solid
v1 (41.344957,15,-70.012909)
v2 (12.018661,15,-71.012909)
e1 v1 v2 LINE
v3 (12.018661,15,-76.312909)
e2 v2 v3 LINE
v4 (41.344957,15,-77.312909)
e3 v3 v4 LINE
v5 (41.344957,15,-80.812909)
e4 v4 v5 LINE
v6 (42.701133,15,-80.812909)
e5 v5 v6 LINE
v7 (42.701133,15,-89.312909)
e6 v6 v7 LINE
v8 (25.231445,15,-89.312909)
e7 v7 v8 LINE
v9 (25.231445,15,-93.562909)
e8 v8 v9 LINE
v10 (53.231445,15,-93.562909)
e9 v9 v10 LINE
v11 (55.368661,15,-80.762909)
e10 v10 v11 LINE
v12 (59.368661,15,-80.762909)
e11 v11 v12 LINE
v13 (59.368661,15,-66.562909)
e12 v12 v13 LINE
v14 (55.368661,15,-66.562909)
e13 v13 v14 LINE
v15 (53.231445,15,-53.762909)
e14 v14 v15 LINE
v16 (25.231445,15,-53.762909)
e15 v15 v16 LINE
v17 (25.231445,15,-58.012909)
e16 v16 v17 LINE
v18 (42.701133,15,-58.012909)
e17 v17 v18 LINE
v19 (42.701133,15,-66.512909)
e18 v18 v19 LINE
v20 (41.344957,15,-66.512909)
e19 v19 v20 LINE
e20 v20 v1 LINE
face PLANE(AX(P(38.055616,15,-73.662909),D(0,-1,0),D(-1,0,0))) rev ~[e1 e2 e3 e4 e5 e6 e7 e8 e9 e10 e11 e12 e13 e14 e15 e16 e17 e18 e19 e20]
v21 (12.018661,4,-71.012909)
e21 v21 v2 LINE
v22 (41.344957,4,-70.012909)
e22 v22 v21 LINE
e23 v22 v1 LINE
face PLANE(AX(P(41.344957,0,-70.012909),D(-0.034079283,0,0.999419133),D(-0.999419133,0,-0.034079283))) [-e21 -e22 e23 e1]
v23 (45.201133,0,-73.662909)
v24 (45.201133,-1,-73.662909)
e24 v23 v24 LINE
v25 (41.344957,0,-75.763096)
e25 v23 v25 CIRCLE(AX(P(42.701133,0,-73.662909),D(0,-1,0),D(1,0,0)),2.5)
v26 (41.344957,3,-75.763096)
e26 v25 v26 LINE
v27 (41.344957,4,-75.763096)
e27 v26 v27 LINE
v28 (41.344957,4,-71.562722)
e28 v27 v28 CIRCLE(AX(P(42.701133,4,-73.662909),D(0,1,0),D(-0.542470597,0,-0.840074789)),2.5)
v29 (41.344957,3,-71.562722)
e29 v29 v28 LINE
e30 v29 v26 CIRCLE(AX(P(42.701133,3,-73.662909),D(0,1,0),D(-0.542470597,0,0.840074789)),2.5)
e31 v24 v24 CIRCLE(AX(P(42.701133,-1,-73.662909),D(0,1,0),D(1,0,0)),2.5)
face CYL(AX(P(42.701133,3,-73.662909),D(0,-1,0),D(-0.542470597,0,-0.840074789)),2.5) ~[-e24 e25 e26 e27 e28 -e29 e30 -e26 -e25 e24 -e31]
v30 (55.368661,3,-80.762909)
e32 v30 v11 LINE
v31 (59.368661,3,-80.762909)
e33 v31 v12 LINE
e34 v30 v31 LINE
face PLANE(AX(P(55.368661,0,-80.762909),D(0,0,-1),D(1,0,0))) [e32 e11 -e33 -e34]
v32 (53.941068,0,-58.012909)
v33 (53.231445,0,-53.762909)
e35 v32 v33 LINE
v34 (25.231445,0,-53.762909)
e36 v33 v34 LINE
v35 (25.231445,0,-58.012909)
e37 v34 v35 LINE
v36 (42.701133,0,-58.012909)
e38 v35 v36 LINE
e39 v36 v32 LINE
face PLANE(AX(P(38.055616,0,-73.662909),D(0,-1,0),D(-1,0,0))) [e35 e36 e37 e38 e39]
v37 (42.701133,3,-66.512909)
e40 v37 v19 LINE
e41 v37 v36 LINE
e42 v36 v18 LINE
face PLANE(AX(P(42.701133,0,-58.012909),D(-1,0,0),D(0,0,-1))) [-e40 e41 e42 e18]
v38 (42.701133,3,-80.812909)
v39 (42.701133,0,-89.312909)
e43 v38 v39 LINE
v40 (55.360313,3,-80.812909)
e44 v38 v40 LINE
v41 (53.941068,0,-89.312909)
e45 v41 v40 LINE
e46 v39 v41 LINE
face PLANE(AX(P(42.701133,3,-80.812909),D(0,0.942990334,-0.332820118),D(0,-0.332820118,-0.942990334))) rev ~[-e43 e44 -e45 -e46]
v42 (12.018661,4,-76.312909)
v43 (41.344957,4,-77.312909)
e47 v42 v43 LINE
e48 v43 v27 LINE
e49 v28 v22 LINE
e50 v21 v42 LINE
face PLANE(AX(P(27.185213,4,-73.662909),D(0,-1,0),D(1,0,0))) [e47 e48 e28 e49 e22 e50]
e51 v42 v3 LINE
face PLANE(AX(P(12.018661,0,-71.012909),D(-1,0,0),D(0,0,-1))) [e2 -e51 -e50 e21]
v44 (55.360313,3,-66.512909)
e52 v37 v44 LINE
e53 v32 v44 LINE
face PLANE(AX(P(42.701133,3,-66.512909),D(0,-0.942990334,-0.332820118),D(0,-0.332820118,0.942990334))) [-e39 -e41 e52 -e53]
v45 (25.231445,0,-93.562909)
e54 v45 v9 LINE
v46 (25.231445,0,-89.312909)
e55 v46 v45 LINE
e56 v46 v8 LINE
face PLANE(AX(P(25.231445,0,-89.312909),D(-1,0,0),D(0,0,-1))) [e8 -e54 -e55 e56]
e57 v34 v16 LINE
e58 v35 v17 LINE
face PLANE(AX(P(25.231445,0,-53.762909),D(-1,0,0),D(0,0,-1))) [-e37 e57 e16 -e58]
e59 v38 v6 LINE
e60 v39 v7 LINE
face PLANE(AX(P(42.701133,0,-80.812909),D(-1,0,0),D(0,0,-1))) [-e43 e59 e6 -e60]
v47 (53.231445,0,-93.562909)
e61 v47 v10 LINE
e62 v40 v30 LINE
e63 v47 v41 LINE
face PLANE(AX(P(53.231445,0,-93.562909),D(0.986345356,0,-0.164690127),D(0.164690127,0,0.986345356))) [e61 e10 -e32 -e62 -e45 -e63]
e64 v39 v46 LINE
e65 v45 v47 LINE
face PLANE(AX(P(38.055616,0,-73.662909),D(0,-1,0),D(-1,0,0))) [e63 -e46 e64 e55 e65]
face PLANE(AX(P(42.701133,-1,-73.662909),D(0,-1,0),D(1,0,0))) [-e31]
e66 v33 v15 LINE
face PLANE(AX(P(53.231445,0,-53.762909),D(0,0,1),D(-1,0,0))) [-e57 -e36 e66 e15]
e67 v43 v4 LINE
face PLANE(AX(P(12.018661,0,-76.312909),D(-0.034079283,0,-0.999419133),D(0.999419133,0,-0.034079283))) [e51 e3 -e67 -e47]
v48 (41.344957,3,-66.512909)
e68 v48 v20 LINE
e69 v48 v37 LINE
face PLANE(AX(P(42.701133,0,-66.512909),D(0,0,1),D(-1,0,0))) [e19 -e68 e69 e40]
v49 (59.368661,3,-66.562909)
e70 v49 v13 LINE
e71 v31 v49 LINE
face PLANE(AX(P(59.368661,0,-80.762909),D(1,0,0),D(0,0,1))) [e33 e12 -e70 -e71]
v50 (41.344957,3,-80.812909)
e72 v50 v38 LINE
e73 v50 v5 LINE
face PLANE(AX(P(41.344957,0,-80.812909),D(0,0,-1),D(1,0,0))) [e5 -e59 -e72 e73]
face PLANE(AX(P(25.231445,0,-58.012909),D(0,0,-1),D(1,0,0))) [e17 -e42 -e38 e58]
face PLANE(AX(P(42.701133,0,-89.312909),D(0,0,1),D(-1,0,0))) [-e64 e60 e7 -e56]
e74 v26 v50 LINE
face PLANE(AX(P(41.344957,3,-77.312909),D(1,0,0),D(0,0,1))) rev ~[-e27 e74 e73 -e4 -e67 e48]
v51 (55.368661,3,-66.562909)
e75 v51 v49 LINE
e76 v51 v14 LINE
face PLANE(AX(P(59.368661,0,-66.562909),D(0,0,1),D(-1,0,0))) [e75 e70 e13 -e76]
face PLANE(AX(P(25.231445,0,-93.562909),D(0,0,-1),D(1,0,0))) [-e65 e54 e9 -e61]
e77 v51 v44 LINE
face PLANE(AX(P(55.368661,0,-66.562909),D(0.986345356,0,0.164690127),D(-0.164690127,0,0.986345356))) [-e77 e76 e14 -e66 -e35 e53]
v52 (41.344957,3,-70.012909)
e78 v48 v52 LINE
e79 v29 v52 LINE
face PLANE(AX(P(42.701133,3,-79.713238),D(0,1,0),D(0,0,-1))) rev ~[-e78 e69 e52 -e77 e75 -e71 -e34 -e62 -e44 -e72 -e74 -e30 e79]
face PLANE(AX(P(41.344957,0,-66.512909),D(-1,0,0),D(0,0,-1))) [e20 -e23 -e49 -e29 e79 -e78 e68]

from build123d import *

# Parameters (mm, degrees)
BOSS_EXTRUDE1_DEPTH     = 15
SKETCH2_R               = 2.5
BOSS_EXTRUDE2_DEPTH     = 1
CUT_EXTRUDE1_DEPTH      = 3
CUT_EXTRUDE5_DEPTH      = 2
CUT_EXTRUDE5_DEPTH_BACK = 3
SKETCH5_W               = 1.356176493
SKETCH5_H               = 3
CUT_EXTRUDE6_DEPTH      = 3
CUT_EXTRUDE11_DEPTH     = 20
CUT_EXTRUDE12_DEPTH     = 1


with BuildPart() as part:
    # Sketch1 → Boss-Extrude1 (new body)
    with BuildSketch(Plane(origin=(0, 0, 0), x_dir=(1, 0, 0), z_dir=(0, 1, 0))):
        Polygon((53.231444905, 93.562909441), (55.368661466, 80.762909441), (59.368661466, 80.762909441), (59.368661466, 66.562909441), (55.368661466, 66.562909441), (53.231444905, 53.762909441), (25.231444905, 53.762909441), (25.231444905, 58.012909441), (42.701133317, 58.012909441), (42.701133317, 66.512909441), (41.344956824, 66.512909441), (41.344956824, 70.012909441), (12.018661466, 71.012909441), (12.018661466, 76.312909441), (41.344956824, 77.312909441), (41.344956824, 80.812909441), (42.701133317, 80.812909441), (42.701133317, 89.312909441), (25.231444905, 89.312909441), (25.231444905, 93.562909441), align=None)
    extrude(amount=BOSS_EXTRUDE1_DEPTH)

    # Sketch2 → Boss-Extrude2 (add)
    with BuildSketch(Plane.XZ):
        with Locations((42.701133317, -73.662909441)):
            Circle(SKETCH2_R)
    extrude(amount=BOSS_EXTRUDE2_DEPTH)

    # Sketch3 → Cut-Extrude1 (cut)
    with BuildSketch(Plane(origin=(0, 0, 0), x_dir=(-1, 0, 0), z_dir=(0, -1, 0))):
        with BuildLine():
            Line((-42.701133317, 80.812909441), (-55.368661466, 80.762909441))
            Line((-55.368661466, 80.762909441), (-59.368661466, 80.762909441))
            Line((-59.368661466, 80.762909441), (-59.368661466, 66.562909441))
            Line((-59.368661466, 66.562909441), (-41.344956824, 66.512909441))
            Line((-41.344956824, 66.512909441), (-41.344956824, 70.012909441))
            Line((-41.344956824, 70.012909441), (-41.344956824, 71.562722468))
            ThreePointArc((-41.344956824, 71.562722468), (-45.201133317, 73.662909441), (-41.344956824, 75.763096414))
            Line((-41.344956824, 75.763096414), (-41.344956824, 77.312909441))
            Line((-41.344956824, 77.312909441), (-41.344956824, 80.812909441))
            Line((-41.344956824, 80.812909441), (-42.701133317, 80.812909441))
        make_face()
    extrude(amount=-CUT_EXTRUDE1_DEPTH, mode=Mode.SUBTRACT)

    # Sketch4 → Cut-Extrude5 (cut, two sides)
    with BuildSketch(Plane.XZ) as cut_extrude5_sk:
        with BuildLine():
            Line((12.018661466, -76.312909441), (41.344956824, -77.312909441))
            Line((41.344956824, -77.312909441), (41.344956824, -77.220900459))
            Line((41.344956824, -77.220900459), (41.344956824, -75.763096414))
            ThreePointArc((41.344956824, -75.763096414), (40.201133317, -73.662909441), (41.344956824, -71.562722468))
            Line((41.344956824, -71.562722468), (41.344956824, -70.012909441))
            Line((41.344956824, -70.012909441), (12.018661466, -71.012909441))
            Line((12.018661466, -71.012909441), (12.018661466, -76.312909441))
        make_face()
    extrude(amount=CUT_EXTRUDE5_DEPTH, mode=Mode.SUBTRACT)
    extrude(cut_extrude5_sk.sketch, amount=-CUT_EXTRUDE5_DEPTH_BACK, mode=Mode.SUBTRACT)

    # Sketch5 → Cut-Extrude6 (cut)
    with BuildSketch(Plane.XY.offset(-66.512909441)):
        with Locations((42.023045071, 1.5)):
            Rectangle(SKETCH5_W, SKETCH5_H)
    extrude(amount=-CUT_EXTRUDE6_DEPTH, mode=Mode.SUBTRACT)

    # Sketch7 → Cut-Extrude11 (cut)
    with BuildSketch(Plane.ZY.offset(-42.701133317)):
        Polygon((-66.516671643, 0), (-67.290586566, 0), (-67.290586566, 3), (-66.512909441, 3), (-58.012909441, 0), align=None)
        Polygon((-89.312909441, 0), (-80.812909441, 0), (-79.713237651, 0), (-79.713237651, 3), (-80.812909441, 3), align=None)
    extrude(amount=-CUT_EXTRUDE11_DEPTH, mode=Mode.SUBTRACT)

    # Sketch11 → Cut-Extrude12 (cut)
    with BuildSketch(Plane.XZ.offset(-3)):
        with BuildLine():
            Line((41.344956824, -77.312909441), (41.344956824, -75.763096414))
            ThreePointArc((41.344956824, -75.763096414), (40.201133317, -73.662909441), (41.344956824, -71.562722468))
            Line((41.344956824, -71.562722468), (41.344956824, -70.012909441))
            Line((41.344956824, -70.012909441), (12.018661466, -71.012909441))
            Line((12.018661466, -71.012909441), (12.018661466, -76.312909441))
            Line((12.018661466, -76.312909441), (41.344956824, -77.312909441))
        make_face()
    extrude(amount=-CUT_EXTRUDE12_DEPTH, mode=Mode.SUBTRACT)


solid = part.part
